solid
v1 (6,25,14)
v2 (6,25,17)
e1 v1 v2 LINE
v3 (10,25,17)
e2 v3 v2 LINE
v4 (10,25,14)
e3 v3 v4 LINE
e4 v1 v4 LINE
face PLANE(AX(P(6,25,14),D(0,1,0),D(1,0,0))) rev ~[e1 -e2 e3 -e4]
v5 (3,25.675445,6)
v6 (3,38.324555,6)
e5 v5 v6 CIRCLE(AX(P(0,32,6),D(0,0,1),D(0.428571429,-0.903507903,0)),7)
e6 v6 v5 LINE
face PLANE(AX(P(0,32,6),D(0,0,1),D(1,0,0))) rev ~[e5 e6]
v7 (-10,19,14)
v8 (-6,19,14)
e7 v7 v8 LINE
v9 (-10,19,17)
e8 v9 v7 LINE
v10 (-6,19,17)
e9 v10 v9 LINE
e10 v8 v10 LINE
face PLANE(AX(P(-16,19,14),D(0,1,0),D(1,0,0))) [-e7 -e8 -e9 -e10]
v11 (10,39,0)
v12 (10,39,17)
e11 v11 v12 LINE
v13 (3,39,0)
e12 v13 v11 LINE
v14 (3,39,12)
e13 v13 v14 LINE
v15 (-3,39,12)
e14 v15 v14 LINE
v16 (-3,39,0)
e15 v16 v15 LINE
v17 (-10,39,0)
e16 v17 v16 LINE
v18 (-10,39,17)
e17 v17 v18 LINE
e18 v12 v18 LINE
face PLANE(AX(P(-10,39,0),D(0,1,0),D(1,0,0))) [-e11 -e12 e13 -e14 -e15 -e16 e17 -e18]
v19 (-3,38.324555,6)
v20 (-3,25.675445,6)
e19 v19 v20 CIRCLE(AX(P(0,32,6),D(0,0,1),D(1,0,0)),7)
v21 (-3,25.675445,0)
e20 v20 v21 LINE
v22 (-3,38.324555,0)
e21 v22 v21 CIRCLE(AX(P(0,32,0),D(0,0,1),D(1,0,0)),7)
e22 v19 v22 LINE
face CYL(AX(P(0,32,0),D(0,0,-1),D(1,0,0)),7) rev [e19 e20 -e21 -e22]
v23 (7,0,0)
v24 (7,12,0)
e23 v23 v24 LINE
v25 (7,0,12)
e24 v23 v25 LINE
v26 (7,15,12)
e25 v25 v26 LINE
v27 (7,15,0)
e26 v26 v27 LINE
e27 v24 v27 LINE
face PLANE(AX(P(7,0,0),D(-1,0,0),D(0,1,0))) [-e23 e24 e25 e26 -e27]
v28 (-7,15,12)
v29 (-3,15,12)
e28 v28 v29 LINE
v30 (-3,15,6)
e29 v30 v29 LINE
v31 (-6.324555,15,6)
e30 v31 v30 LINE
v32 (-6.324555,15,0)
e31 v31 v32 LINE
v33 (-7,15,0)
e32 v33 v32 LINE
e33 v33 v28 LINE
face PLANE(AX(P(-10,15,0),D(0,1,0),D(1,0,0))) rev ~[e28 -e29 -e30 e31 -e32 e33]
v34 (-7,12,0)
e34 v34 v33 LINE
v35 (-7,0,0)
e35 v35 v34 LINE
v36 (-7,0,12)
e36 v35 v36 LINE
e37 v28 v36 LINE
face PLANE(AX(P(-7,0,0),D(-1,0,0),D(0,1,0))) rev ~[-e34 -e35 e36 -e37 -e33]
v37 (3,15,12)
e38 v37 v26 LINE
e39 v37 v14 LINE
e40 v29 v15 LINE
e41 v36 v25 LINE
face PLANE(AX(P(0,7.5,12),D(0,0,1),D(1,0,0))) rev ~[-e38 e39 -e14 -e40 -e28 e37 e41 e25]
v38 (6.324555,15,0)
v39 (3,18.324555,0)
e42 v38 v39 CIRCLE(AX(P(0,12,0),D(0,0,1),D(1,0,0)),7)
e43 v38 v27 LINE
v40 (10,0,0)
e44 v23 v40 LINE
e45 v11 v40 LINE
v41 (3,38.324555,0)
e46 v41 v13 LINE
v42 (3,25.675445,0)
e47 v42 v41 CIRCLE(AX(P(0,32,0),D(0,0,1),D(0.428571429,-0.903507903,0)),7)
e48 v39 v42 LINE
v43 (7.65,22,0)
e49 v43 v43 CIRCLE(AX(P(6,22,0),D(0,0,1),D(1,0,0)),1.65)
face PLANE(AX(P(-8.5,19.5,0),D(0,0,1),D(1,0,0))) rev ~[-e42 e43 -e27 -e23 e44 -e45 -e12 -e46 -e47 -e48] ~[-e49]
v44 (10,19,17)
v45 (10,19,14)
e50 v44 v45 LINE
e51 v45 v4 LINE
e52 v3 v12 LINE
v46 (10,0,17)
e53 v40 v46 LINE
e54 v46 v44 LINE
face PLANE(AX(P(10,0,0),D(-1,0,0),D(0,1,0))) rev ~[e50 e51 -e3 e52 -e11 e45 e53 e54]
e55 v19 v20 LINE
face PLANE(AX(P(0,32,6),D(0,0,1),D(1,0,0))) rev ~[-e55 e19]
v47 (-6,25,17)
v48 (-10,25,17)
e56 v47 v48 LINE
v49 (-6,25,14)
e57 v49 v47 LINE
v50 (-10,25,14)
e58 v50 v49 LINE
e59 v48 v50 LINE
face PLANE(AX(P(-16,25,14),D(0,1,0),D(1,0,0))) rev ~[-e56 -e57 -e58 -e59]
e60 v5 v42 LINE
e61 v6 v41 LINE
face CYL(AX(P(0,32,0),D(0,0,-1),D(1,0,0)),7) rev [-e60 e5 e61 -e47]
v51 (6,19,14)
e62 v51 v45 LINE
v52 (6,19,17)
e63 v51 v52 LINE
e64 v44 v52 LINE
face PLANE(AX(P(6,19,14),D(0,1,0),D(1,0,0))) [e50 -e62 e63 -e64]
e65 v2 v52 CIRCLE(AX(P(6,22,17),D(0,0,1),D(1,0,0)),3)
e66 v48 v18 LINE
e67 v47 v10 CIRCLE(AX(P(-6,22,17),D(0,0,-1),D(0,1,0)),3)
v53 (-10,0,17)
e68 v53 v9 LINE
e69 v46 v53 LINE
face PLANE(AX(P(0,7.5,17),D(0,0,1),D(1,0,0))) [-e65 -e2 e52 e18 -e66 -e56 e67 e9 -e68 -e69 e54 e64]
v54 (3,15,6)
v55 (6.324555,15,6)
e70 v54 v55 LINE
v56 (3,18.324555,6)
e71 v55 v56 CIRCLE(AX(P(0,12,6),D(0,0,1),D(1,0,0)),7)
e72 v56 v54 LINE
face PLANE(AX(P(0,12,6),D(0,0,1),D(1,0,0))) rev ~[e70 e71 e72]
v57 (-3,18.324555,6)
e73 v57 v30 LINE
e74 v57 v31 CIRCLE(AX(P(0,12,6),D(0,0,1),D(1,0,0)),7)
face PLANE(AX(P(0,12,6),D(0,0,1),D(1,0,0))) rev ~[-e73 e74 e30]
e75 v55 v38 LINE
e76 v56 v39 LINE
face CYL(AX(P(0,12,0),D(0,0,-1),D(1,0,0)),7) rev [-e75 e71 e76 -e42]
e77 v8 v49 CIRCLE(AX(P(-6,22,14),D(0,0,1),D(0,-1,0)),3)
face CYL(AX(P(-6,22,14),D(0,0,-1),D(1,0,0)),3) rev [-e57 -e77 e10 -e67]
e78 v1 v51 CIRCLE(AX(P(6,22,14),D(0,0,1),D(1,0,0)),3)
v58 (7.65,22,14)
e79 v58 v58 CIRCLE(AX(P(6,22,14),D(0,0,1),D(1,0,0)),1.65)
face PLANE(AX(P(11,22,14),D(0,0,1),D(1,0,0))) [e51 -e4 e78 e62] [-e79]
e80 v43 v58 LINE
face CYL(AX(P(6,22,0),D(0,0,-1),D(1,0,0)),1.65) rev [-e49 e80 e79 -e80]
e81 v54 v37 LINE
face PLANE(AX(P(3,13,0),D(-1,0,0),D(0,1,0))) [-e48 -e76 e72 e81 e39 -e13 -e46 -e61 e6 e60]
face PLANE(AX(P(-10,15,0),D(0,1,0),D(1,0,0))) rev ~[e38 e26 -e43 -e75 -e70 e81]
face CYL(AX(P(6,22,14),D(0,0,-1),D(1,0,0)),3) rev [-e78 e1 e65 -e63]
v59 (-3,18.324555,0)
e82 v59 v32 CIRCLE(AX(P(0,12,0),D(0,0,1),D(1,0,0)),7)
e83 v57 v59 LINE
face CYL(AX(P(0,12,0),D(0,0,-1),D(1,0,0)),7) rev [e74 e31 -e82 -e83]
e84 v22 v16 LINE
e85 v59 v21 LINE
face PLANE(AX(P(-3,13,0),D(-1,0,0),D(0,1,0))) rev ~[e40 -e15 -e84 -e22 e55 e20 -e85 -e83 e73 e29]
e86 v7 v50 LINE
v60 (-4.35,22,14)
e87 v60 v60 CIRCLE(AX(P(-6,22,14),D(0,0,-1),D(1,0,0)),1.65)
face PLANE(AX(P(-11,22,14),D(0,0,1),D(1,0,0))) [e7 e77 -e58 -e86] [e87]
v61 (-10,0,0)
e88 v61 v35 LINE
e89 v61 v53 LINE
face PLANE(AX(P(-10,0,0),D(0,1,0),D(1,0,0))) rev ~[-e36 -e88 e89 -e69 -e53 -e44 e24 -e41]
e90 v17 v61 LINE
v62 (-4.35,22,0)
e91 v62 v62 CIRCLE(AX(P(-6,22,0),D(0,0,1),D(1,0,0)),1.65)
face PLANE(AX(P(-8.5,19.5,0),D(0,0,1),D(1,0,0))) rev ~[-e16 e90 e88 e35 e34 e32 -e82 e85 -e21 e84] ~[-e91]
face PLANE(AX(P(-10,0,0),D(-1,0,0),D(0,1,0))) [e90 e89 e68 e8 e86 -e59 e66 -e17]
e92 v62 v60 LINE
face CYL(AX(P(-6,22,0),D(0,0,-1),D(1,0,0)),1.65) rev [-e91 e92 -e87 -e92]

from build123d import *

# Parameters (mm, degrees)
CYLINDER005_R     = 3
CYLINDER005_DEPTH = 3
CYLINDER006_R     = 3
CYLINDER006_DEPTH = 3
BOX004_W          = 10
BOX004_H          = 6
BOX004_DEPTH      = 10
BOX005_W          = 10
BOX005_H          = 6
BOX005_DEPTH      = 10
CYLINDER010_R     = 1.65
CYLINDER010_DEPTH = 42
CYLINDER009_R     = 1.65
CYLINDER009_DEPTH = 42
BOX006_W          = 6
BOX006_H          = 32
BOX006_DEPTH      = 12
CYLINDER007_R     = 7
CYLINDER007_DEPTH = 6
CYLINDER008_R     = 7
CYLINDER008_DEPTH = 6
BOX001_W          = 20
BOX001_H          = 24
BOX001_DEPTH      = 17
BOX_W             = 20
BOX_H             = 15
BOX_DEPTH         = 5
BOX003_W          = 3
BOX003_H          = 39
BOX003_DEPTH      = 17
BOX007_W          = 3
BOX007_H          = 39
BOX007_DEPTH      = 17


with BuildPart() as cylinder005:
    # Cylinder005 → Cylinder005 (new body)
    with BuildSketch(Plane(origin=(6, 22, 0), x_dir=(1, 0, 0), z_dir=(0, 0, 1))):
        Circle(CYLINDER005_R)
    extrude(amount=CYLINDER005_DEPTH)


with BuildPart() as fusion001001001004:
    # Cylinder006 → Cylinder006 (new body)
    with BuildSketch(Plane(origin=(-6, 22, 0), x_dir=(1, 0, 0), z_dir=(0, 0, 1))):
        Circle(CYLINDER006_R)
    extrude(amount=CYLINDER006_DEPTH)

    # Fusion001001001004: union Cylinder005
    add(cylinder005.part)


with BuildPart() as fusion001001001004_1:
    # Fusion001001001004 placement: moved
    add(fusion001001001004.part.moved(Location((0, 0, 14))))


with BuildPart() as cube004:
    # Box004 → Box004 (new body)
    with BuildSketch(Plane(origin=(6, 19, 14), x_dir=(1, 0, 0), z_dir=(0, 0, 1))):
        with Locations((5, 3)):
            Rectangle(BOX004_W, BOX004_H)
    extrude(amount=BOX004_DEPTH)


with BuildPart() as fusion001001001005:
    # Box005 → Box005 (new body)
    with BuildSketch(Plane(origin=(-16, 19, 14), x_dir=(1, 0, 0), z_dir=(0, 0, 1))):
        with Locations((5, 3)):
            Rectangle(BOX005_W, BOX005_H)
    extrude(amount=BOX005_DEPTH)

    # Fusion001001001005: union Cube004
    add(cube004.part)


with BuildPart() as cylinder010:
    # Cylinder010 → Cylinder010 (new body)
    with BuildSketch(Plane(origin=(-6, 22, 0), x_dir=(1, 0, 0), z_dir=(0, 0, 1))):
        Circle(CYLINDER010_R)
    extrude(amount=CYLINDER010_DEPTH)


with BuildPart() as fusion001001001003:
    # Cylinder009 → Cylinder009 (new body)
    with BuildSketch(Plane(origin=(6, 22, 0), x_dir=(1, 0, 0), z_dir=(0, 0, 1))):
        Circle(CYLINDER009_R)
    extrude(amount=CYLINDER009_DEPTH)

    # Fusion001001001003: union Cylinder010
    add(cylinder010.part)


with BuildPart() as cube006:
    # Box006 → Box006 (new body)
    with BuildSketch(Plane(origin=(-3, 13, 0), x_dir=(1, 0, 0), z_dir=(0, 0, 1))):
        with Locations((3, 16)):
            Rectangle(BOX006_W, BOX006_H)
    extrude(amount=BOX006_DEPTH)


with BuildPart() as cylinder007:
    # Cylinder007 → Cylinder007 (new body)
    with BuildSketch(Plane(origin=(0, 32, 0), x_dir=(1, 0, 0), z_dir=(0, 0, 1))):
        Circle(CYLINDER007_R)
    extrude(amount=CYLINDER007_DEPTH)


with BuildPart() as fusion:
    # Cylinder008 → Cylinder008 (new body)
    with BuildSketch(Plane(origin=(0, 12, 0), x_dir=(1, 0, 0), z_dir=(0, 0, 1))):
        Circle(CYLINDER008_R)
    extrude(amount=CYLINDER008_DEPTH)

    # Fusion: union Cylinder007
    add(cylinder007.part)


with BuildPart() as cube001:
    # Box001 → Box001 (new body)
    with BuildSketch(Plane(origin=(-10, 15, 0), x_dir=(1, 0, 0), z_dir=(0, 0, 1))):
        with Locations((10, 12)):
            Rectangle(BOX001_W, BOX001_H)
    extrude(amount=BOX001_DEPTH)


with BuildPart() as cube:
    # Box → Box (new body)
    with BuildSketch(Plane(origin=(-10, 0, 12), x_dir=(1, 0, 0), z_dir=(0, 0, 1))):
        with Locations((10, 7.5)):
            Rectangle(BOX_W, BOX_H)
    extrude(amount=BOX_DEPTH)


with BuildPart() as cube003:
    # Box003 → Box003 (new body)
    with BuildSketch(Plane(origin=(-10, 0, 0), x_dir=(1, 0, 0), z_dir=(0, 0, 1))):
        with Locations((1.5, 19.5)):
            Rectangle(BOX003_W, BOX003_H)
    extrude(amount=BOX003_DEPTH)


with BuildPart() as base_endstop_mount_template:
    # Box007 → Box007 (new body)
    with BuildSketch(Plane(origin=(7, 0, 0), x_dir=(1, 0, 0), z_dir=(0, 0, 1))):
        with Locations((1.5, 19.5)):
            Rectangle(BOX007_W, BOX007_H)
    extrude(amount=BOX007_DEPTH)

    # Fusion001001001008: union Cube001, Cube, Cube003
    add(cube001.part)
    add(cube.part)
    add(cube003.part)

    # Cut002008023012009006003002002: cut Fusion
    add(fusion.part, mode=Mode.SUBTRACT)

    # Cut002008023012009006003002003: cut Cube006
    add(cube006.part, mode=Mode.SUBTRACT)

    # Cut002008023012009006003002004: cut Fusion001001001003
    add(fusion001001001003.part, mode=Mode.SUBTRACT)

    # Cut002008023012009006003002005: cut Fusion001001001005
    add(fusion001001001005.part, mode=Mode.SUBTRACT)

    # Cut002008023012009006003002006: cut Fusion001001001004
    add(fusion001001001004_1.part, mode=Mode.SUBTRACT)


solid = base_endstop_mount_template.part
